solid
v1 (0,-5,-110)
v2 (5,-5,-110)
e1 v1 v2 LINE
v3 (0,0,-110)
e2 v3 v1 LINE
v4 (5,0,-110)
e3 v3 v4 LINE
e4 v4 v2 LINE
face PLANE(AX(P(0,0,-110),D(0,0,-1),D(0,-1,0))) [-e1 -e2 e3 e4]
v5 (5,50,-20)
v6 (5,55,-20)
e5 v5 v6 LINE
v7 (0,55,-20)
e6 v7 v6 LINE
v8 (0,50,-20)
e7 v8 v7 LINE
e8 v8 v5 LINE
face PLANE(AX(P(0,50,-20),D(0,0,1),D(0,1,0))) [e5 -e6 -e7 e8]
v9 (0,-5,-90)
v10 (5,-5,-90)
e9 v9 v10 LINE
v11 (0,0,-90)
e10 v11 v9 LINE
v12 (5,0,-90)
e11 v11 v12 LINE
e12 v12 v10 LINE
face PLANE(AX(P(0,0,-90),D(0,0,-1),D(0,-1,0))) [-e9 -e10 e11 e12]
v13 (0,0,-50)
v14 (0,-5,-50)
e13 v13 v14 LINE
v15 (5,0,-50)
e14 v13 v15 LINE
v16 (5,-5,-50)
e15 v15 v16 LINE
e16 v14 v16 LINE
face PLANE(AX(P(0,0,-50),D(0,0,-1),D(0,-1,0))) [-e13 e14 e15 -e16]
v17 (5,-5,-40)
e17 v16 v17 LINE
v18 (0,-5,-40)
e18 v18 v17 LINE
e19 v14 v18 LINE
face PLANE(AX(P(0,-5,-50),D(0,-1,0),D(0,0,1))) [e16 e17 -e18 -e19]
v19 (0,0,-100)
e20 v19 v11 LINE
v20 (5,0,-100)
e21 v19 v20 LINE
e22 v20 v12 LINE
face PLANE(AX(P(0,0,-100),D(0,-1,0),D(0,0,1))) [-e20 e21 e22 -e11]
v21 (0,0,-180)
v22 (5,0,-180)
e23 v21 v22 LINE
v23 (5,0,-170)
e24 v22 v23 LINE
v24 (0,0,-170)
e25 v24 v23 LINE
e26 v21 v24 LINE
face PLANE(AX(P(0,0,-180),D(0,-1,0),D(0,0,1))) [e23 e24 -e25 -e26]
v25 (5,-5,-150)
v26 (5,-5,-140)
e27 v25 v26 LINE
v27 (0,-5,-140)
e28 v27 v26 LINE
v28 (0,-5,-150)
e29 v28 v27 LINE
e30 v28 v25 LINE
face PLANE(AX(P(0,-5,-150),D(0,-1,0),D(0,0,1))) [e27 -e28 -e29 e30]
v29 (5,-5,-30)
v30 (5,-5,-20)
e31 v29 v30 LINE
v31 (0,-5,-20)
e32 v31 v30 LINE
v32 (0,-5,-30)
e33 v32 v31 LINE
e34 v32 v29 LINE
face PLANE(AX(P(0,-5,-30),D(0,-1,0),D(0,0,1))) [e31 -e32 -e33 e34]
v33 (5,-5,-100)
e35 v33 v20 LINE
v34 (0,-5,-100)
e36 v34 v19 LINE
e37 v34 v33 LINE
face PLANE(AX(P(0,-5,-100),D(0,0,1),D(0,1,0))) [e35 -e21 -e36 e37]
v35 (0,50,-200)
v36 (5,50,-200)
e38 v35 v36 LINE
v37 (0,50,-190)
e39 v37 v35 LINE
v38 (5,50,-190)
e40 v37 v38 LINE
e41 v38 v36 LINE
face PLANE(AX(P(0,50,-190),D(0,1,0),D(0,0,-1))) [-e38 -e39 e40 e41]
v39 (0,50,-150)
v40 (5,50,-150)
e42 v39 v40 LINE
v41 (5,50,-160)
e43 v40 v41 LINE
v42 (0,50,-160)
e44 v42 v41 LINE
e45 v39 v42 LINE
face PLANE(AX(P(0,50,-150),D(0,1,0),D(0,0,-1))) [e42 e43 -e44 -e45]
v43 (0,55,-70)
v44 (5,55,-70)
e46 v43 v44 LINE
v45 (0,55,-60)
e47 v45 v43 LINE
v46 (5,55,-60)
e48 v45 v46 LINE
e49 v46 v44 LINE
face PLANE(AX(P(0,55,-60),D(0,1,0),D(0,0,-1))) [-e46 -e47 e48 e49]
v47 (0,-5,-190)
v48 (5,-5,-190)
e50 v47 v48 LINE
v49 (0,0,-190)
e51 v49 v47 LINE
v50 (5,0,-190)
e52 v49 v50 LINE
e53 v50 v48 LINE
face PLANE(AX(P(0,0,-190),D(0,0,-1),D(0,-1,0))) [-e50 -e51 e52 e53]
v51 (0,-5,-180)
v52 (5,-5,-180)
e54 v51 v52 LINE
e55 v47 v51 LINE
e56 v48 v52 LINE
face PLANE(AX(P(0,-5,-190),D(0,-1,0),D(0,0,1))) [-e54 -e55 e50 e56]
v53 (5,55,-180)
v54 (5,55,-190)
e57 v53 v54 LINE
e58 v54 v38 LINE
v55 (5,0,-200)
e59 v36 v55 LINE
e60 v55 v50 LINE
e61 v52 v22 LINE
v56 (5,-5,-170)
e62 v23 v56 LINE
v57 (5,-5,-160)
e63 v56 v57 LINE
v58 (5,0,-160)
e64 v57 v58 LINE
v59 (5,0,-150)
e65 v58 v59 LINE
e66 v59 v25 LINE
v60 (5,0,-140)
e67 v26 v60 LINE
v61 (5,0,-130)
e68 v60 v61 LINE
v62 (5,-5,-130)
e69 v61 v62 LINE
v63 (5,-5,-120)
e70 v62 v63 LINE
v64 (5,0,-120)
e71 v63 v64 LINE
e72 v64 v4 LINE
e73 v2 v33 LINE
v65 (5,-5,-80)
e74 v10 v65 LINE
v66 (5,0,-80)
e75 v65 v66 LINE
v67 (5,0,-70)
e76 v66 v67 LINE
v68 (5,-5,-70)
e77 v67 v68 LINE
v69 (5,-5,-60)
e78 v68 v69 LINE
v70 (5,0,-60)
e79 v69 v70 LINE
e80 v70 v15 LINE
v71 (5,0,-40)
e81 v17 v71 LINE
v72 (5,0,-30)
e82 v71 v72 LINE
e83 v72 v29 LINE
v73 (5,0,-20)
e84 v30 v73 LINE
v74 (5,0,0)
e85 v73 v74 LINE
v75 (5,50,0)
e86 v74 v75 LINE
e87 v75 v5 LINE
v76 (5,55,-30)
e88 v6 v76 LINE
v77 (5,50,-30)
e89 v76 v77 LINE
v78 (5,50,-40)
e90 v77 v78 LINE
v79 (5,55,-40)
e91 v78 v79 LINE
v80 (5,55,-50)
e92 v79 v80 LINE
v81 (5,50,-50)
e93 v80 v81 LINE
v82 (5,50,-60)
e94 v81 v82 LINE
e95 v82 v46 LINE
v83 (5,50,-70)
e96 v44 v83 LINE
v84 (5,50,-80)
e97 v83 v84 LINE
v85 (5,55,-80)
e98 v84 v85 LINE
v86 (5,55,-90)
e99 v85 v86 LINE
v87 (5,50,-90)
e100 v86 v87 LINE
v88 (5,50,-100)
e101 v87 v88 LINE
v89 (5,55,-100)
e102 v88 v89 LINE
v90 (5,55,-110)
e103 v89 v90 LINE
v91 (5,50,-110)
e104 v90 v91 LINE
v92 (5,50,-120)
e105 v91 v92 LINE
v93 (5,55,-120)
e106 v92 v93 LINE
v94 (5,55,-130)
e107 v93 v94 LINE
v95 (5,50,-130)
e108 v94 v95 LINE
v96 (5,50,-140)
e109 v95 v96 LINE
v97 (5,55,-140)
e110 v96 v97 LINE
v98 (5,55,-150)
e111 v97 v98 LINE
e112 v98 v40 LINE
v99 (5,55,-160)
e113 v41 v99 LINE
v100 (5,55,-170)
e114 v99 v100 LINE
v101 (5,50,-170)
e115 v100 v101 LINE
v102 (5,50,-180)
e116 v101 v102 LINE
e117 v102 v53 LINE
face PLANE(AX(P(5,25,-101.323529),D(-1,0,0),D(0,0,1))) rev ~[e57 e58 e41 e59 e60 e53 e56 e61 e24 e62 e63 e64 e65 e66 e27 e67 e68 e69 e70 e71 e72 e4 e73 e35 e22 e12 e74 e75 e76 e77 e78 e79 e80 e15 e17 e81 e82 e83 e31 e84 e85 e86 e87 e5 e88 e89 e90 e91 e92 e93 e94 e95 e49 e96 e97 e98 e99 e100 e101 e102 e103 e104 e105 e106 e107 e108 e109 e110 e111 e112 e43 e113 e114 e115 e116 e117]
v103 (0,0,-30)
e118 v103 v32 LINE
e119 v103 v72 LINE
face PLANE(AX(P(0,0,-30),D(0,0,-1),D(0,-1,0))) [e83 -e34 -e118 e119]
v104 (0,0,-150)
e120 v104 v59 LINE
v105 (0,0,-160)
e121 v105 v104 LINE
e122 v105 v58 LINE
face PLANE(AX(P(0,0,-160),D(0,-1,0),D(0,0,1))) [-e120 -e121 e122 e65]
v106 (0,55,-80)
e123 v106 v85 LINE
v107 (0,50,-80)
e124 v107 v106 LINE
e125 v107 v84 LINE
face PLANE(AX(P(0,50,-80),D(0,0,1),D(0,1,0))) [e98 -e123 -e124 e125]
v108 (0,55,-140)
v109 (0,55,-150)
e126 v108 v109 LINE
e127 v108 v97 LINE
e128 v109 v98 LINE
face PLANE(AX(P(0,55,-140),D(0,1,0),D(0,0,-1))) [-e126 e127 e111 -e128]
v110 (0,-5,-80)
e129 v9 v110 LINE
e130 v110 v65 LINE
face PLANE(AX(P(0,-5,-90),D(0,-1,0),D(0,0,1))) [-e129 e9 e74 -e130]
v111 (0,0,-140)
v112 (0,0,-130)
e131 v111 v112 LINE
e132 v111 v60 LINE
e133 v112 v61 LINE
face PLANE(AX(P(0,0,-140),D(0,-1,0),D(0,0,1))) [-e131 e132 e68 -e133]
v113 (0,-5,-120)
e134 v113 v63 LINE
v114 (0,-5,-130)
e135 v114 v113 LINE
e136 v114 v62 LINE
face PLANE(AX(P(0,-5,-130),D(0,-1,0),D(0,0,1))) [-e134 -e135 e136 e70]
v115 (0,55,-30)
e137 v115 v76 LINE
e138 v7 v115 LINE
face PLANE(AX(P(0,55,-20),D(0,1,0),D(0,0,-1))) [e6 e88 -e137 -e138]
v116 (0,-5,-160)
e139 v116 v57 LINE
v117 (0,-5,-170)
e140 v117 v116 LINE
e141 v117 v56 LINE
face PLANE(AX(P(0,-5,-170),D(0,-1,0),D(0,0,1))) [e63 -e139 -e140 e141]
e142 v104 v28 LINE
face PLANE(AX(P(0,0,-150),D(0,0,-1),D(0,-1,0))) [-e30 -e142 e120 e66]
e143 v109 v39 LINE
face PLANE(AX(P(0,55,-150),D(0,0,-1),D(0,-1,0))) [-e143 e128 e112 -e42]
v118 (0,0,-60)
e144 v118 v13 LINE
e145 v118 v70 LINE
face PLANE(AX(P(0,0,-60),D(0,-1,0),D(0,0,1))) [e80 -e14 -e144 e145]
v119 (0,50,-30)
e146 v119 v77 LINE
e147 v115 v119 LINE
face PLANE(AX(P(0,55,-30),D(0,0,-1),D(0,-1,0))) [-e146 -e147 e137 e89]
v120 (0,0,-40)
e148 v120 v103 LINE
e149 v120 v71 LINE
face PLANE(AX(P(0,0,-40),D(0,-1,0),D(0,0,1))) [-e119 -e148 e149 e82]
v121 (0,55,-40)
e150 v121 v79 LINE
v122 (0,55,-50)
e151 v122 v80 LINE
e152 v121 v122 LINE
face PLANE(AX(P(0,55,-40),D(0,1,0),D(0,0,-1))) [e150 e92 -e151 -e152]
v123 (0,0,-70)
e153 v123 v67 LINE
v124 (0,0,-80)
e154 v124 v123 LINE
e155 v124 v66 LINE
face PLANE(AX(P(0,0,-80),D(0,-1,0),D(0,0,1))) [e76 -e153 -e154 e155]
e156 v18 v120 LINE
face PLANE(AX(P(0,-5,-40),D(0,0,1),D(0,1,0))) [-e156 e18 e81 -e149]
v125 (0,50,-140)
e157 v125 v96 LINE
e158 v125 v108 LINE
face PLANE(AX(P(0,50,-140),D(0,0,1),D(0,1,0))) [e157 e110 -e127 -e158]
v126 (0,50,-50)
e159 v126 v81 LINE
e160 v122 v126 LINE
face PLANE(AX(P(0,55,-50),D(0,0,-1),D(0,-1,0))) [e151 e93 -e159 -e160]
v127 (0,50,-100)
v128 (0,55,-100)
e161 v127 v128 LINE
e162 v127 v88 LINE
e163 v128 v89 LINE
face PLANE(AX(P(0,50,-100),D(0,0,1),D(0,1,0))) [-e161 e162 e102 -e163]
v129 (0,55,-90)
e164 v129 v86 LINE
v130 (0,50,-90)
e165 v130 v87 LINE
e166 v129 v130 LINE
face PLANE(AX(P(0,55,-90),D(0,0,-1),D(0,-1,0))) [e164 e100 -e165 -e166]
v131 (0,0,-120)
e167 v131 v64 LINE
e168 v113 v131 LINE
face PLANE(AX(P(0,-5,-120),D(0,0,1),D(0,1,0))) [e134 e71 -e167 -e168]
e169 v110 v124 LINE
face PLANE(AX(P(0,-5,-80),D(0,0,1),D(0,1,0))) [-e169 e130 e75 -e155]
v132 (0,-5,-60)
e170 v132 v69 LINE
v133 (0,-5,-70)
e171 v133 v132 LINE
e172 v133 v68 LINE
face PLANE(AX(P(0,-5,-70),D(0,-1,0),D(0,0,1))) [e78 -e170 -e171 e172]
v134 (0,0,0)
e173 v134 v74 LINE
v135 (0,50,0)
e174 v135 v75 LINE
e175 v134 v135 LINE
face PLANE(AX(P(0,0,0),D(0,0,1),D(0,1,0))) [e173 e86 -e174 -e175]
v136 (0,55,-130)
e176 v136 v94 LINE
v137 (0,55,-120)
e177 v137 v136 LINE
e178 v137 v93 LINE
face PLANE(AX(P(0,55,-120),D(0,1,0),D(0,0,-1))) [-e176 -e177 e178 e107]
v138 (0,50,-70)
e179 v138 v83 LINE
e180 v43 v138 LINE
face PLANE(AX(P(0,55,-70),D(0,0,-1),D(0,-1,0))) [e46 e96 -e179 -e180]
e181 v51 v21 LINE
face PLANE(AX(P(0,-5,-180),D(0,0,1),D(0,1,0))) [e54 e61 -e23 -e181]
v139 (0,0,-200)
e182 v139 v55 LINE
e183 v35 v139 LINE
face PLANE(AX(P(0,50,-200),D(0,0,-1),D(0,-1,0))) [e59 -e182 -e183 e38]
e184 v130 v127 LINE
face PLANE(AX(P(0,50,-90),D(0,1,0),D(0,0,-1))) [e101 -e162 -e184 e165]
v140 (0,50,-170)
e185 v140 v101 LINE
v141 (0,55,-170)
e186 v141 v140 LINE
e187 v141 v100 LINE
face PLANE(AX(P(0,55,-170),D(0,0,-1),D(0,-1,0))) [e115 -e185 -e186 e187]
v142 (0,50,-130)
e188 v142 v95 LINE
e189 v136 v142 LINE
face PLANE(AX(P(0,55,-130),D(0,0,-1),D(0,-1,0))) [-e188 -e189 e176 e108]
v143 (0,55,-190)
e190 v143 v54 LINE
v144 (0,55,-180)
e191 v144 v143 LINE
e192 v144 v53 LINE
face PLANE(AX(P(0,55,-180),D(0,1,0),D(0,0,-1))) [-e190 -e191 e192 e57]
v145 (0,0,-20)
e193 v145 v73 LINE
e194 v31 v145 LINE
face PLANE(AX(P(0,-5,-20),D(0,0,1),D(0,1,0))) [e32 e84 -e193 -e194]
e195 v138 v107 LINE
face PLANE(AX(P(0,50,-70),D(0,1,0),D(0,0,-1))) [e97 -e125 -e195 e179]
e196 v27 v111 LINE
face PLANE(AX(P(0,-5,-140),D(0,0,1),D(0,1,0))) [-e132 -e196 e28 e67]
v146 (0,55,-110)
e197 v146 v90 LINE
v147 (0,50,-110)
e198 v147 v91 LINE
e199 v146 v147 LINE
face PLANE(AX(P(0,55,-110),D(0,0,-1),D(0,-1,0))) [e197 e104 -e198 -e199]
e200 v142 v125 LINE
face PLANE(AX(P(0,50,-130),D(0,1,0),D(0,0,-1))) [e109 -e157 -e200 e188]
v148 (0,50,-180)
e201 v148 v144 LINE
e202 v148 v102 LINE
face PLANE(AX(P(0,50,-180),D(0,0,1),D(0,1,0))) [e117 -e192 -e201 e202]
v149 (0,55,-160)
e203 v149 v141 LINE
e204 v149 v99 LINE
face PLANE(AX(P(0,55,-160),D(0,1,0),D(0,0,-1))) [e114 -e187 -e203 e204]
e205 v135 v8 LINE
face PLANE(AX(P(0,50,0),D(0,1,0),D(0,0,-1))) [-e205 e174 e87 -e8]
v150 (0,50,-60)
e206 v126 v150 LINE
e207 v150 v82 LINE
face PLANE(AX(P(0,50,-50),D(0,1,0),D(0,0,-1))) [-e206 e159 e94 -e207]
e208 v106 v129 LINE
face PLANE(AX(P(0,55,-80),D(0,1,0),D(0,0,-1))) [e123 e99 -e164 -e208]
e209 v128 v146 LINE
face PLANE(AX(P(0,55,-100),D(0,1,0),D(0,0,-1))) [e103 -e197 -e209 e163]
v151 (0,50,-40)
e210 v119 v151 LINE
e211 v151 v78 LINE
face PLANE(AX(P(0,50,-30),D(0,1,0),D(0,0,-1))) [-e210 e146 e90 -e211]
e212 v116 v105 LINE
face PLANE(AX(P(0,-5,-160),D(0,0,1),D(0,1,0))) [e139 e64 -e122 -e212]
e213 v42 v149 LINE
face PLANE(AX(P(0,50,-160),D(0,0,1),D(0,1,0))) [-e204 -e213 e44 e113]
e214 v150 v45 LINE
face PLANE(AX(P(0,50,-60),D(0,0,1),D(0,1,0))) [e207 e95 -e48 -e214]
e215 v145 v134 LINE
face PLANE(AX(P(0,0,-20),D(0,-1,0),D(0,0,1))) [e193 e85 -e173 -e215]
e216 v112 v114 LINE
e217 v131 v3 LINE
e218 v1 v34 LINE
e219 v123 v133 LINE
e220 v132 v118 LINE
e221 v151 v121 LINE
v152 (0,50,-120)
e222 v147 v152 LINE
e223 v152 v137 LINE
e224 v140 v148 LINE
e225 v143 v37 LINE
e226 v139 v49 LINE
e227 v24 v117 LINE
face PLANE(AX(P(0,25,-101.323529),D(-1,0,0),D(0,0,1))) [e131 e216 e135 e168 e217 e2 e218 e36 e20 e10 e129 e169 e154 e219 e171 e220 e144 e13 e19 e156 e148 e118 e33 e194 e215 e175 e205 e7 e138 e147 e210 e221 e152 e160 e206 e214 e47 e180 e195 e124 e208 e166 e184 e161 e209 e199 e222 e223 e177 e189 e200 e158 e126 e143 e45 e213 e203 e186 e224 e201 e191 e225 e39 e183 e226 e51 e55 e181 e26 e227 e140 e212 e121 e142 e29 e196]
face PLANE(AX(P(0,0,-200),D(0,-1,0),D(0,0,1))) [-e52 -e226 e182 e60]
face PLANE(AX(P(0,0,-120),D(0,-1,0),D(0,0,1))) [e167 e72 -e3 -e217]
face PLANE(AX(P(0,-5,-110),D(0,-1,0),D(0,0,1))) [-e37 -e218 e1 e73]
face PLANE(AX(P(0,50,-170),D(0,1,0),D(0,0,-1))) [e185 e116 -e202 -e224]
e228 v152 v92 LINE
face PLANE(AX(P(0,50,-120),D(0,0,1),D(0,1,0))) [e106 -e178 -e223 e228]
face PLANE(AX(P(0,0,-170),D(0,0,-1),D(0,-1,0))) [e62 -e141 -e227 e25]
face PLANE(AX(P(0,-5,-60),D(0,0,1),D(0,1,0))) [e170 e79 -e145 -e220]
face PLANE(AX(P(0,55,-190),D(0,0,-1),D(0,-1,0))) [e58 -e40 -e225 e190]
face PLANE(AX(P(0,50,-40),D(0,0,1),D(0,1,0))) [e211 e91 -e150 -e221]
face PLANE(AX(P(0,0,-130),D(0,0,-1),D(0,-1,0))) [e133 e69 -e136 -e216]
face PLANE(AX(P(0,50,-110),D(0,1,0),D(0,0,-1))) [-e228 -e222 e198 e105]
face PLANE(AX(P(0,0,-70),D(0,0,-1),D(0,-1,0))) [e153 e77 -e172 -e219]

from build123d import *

# Parameters (mm, degrees)
BOSS_EXTRUDE1_DEPTH = 5


with BuildPart() as part:
    # Sketch1 → Boss-Extrude1 (new body)
    with BuildSketch(Plane(origin=(0, 0, 0), x_dir=(0, 0, -1), z_dir=(1, 0, 0))):
        Polygon((40, 50), (40, 55), (50, 55), (50, 50), (60, 50), (60, 55), (70, 55), (70, 50), (80, 50), (80, 55), (90, 55), (90, 50), (100, 50), (100, 55), (110, 55), (110, 50), (120, 50), (120, 55), (130, 55), (130, 50), (140, 50), (140, 55), (150, 55), (150, 50), (160, 50), (160, 55), (170, 55), (170, 50), (180, 50), (180, 55), (190, 55), (190, 50), (200, 50), (200, 0), (190, 0), (190, -5), (180, -5), (180, 0), (170, 0), (170, -5), (160, -5), (160, 0), (150, 0), (150, -5), (140, -5), (140, 0), (130, 0), (130, -5), (120, -5), (120, 0), (110, 0), (110, -5), (100, -5), (100, 0), (90, 0), (90, -5), (80, -5), (80, 0), (70, 0), (70, -5), (60, -5), (60, 0), (50, 0), (50, -5), (40, -5), (40, 0), (30, 0), (30, -5), (20, -5), (20, 0), (0, 0), (0, 50), (20, 50), (20, 55), (30, 55), (30, 50), align=None)
    extrude(amount=BOSS_EXTRUDE1_DEPTH)


solid = part.part
